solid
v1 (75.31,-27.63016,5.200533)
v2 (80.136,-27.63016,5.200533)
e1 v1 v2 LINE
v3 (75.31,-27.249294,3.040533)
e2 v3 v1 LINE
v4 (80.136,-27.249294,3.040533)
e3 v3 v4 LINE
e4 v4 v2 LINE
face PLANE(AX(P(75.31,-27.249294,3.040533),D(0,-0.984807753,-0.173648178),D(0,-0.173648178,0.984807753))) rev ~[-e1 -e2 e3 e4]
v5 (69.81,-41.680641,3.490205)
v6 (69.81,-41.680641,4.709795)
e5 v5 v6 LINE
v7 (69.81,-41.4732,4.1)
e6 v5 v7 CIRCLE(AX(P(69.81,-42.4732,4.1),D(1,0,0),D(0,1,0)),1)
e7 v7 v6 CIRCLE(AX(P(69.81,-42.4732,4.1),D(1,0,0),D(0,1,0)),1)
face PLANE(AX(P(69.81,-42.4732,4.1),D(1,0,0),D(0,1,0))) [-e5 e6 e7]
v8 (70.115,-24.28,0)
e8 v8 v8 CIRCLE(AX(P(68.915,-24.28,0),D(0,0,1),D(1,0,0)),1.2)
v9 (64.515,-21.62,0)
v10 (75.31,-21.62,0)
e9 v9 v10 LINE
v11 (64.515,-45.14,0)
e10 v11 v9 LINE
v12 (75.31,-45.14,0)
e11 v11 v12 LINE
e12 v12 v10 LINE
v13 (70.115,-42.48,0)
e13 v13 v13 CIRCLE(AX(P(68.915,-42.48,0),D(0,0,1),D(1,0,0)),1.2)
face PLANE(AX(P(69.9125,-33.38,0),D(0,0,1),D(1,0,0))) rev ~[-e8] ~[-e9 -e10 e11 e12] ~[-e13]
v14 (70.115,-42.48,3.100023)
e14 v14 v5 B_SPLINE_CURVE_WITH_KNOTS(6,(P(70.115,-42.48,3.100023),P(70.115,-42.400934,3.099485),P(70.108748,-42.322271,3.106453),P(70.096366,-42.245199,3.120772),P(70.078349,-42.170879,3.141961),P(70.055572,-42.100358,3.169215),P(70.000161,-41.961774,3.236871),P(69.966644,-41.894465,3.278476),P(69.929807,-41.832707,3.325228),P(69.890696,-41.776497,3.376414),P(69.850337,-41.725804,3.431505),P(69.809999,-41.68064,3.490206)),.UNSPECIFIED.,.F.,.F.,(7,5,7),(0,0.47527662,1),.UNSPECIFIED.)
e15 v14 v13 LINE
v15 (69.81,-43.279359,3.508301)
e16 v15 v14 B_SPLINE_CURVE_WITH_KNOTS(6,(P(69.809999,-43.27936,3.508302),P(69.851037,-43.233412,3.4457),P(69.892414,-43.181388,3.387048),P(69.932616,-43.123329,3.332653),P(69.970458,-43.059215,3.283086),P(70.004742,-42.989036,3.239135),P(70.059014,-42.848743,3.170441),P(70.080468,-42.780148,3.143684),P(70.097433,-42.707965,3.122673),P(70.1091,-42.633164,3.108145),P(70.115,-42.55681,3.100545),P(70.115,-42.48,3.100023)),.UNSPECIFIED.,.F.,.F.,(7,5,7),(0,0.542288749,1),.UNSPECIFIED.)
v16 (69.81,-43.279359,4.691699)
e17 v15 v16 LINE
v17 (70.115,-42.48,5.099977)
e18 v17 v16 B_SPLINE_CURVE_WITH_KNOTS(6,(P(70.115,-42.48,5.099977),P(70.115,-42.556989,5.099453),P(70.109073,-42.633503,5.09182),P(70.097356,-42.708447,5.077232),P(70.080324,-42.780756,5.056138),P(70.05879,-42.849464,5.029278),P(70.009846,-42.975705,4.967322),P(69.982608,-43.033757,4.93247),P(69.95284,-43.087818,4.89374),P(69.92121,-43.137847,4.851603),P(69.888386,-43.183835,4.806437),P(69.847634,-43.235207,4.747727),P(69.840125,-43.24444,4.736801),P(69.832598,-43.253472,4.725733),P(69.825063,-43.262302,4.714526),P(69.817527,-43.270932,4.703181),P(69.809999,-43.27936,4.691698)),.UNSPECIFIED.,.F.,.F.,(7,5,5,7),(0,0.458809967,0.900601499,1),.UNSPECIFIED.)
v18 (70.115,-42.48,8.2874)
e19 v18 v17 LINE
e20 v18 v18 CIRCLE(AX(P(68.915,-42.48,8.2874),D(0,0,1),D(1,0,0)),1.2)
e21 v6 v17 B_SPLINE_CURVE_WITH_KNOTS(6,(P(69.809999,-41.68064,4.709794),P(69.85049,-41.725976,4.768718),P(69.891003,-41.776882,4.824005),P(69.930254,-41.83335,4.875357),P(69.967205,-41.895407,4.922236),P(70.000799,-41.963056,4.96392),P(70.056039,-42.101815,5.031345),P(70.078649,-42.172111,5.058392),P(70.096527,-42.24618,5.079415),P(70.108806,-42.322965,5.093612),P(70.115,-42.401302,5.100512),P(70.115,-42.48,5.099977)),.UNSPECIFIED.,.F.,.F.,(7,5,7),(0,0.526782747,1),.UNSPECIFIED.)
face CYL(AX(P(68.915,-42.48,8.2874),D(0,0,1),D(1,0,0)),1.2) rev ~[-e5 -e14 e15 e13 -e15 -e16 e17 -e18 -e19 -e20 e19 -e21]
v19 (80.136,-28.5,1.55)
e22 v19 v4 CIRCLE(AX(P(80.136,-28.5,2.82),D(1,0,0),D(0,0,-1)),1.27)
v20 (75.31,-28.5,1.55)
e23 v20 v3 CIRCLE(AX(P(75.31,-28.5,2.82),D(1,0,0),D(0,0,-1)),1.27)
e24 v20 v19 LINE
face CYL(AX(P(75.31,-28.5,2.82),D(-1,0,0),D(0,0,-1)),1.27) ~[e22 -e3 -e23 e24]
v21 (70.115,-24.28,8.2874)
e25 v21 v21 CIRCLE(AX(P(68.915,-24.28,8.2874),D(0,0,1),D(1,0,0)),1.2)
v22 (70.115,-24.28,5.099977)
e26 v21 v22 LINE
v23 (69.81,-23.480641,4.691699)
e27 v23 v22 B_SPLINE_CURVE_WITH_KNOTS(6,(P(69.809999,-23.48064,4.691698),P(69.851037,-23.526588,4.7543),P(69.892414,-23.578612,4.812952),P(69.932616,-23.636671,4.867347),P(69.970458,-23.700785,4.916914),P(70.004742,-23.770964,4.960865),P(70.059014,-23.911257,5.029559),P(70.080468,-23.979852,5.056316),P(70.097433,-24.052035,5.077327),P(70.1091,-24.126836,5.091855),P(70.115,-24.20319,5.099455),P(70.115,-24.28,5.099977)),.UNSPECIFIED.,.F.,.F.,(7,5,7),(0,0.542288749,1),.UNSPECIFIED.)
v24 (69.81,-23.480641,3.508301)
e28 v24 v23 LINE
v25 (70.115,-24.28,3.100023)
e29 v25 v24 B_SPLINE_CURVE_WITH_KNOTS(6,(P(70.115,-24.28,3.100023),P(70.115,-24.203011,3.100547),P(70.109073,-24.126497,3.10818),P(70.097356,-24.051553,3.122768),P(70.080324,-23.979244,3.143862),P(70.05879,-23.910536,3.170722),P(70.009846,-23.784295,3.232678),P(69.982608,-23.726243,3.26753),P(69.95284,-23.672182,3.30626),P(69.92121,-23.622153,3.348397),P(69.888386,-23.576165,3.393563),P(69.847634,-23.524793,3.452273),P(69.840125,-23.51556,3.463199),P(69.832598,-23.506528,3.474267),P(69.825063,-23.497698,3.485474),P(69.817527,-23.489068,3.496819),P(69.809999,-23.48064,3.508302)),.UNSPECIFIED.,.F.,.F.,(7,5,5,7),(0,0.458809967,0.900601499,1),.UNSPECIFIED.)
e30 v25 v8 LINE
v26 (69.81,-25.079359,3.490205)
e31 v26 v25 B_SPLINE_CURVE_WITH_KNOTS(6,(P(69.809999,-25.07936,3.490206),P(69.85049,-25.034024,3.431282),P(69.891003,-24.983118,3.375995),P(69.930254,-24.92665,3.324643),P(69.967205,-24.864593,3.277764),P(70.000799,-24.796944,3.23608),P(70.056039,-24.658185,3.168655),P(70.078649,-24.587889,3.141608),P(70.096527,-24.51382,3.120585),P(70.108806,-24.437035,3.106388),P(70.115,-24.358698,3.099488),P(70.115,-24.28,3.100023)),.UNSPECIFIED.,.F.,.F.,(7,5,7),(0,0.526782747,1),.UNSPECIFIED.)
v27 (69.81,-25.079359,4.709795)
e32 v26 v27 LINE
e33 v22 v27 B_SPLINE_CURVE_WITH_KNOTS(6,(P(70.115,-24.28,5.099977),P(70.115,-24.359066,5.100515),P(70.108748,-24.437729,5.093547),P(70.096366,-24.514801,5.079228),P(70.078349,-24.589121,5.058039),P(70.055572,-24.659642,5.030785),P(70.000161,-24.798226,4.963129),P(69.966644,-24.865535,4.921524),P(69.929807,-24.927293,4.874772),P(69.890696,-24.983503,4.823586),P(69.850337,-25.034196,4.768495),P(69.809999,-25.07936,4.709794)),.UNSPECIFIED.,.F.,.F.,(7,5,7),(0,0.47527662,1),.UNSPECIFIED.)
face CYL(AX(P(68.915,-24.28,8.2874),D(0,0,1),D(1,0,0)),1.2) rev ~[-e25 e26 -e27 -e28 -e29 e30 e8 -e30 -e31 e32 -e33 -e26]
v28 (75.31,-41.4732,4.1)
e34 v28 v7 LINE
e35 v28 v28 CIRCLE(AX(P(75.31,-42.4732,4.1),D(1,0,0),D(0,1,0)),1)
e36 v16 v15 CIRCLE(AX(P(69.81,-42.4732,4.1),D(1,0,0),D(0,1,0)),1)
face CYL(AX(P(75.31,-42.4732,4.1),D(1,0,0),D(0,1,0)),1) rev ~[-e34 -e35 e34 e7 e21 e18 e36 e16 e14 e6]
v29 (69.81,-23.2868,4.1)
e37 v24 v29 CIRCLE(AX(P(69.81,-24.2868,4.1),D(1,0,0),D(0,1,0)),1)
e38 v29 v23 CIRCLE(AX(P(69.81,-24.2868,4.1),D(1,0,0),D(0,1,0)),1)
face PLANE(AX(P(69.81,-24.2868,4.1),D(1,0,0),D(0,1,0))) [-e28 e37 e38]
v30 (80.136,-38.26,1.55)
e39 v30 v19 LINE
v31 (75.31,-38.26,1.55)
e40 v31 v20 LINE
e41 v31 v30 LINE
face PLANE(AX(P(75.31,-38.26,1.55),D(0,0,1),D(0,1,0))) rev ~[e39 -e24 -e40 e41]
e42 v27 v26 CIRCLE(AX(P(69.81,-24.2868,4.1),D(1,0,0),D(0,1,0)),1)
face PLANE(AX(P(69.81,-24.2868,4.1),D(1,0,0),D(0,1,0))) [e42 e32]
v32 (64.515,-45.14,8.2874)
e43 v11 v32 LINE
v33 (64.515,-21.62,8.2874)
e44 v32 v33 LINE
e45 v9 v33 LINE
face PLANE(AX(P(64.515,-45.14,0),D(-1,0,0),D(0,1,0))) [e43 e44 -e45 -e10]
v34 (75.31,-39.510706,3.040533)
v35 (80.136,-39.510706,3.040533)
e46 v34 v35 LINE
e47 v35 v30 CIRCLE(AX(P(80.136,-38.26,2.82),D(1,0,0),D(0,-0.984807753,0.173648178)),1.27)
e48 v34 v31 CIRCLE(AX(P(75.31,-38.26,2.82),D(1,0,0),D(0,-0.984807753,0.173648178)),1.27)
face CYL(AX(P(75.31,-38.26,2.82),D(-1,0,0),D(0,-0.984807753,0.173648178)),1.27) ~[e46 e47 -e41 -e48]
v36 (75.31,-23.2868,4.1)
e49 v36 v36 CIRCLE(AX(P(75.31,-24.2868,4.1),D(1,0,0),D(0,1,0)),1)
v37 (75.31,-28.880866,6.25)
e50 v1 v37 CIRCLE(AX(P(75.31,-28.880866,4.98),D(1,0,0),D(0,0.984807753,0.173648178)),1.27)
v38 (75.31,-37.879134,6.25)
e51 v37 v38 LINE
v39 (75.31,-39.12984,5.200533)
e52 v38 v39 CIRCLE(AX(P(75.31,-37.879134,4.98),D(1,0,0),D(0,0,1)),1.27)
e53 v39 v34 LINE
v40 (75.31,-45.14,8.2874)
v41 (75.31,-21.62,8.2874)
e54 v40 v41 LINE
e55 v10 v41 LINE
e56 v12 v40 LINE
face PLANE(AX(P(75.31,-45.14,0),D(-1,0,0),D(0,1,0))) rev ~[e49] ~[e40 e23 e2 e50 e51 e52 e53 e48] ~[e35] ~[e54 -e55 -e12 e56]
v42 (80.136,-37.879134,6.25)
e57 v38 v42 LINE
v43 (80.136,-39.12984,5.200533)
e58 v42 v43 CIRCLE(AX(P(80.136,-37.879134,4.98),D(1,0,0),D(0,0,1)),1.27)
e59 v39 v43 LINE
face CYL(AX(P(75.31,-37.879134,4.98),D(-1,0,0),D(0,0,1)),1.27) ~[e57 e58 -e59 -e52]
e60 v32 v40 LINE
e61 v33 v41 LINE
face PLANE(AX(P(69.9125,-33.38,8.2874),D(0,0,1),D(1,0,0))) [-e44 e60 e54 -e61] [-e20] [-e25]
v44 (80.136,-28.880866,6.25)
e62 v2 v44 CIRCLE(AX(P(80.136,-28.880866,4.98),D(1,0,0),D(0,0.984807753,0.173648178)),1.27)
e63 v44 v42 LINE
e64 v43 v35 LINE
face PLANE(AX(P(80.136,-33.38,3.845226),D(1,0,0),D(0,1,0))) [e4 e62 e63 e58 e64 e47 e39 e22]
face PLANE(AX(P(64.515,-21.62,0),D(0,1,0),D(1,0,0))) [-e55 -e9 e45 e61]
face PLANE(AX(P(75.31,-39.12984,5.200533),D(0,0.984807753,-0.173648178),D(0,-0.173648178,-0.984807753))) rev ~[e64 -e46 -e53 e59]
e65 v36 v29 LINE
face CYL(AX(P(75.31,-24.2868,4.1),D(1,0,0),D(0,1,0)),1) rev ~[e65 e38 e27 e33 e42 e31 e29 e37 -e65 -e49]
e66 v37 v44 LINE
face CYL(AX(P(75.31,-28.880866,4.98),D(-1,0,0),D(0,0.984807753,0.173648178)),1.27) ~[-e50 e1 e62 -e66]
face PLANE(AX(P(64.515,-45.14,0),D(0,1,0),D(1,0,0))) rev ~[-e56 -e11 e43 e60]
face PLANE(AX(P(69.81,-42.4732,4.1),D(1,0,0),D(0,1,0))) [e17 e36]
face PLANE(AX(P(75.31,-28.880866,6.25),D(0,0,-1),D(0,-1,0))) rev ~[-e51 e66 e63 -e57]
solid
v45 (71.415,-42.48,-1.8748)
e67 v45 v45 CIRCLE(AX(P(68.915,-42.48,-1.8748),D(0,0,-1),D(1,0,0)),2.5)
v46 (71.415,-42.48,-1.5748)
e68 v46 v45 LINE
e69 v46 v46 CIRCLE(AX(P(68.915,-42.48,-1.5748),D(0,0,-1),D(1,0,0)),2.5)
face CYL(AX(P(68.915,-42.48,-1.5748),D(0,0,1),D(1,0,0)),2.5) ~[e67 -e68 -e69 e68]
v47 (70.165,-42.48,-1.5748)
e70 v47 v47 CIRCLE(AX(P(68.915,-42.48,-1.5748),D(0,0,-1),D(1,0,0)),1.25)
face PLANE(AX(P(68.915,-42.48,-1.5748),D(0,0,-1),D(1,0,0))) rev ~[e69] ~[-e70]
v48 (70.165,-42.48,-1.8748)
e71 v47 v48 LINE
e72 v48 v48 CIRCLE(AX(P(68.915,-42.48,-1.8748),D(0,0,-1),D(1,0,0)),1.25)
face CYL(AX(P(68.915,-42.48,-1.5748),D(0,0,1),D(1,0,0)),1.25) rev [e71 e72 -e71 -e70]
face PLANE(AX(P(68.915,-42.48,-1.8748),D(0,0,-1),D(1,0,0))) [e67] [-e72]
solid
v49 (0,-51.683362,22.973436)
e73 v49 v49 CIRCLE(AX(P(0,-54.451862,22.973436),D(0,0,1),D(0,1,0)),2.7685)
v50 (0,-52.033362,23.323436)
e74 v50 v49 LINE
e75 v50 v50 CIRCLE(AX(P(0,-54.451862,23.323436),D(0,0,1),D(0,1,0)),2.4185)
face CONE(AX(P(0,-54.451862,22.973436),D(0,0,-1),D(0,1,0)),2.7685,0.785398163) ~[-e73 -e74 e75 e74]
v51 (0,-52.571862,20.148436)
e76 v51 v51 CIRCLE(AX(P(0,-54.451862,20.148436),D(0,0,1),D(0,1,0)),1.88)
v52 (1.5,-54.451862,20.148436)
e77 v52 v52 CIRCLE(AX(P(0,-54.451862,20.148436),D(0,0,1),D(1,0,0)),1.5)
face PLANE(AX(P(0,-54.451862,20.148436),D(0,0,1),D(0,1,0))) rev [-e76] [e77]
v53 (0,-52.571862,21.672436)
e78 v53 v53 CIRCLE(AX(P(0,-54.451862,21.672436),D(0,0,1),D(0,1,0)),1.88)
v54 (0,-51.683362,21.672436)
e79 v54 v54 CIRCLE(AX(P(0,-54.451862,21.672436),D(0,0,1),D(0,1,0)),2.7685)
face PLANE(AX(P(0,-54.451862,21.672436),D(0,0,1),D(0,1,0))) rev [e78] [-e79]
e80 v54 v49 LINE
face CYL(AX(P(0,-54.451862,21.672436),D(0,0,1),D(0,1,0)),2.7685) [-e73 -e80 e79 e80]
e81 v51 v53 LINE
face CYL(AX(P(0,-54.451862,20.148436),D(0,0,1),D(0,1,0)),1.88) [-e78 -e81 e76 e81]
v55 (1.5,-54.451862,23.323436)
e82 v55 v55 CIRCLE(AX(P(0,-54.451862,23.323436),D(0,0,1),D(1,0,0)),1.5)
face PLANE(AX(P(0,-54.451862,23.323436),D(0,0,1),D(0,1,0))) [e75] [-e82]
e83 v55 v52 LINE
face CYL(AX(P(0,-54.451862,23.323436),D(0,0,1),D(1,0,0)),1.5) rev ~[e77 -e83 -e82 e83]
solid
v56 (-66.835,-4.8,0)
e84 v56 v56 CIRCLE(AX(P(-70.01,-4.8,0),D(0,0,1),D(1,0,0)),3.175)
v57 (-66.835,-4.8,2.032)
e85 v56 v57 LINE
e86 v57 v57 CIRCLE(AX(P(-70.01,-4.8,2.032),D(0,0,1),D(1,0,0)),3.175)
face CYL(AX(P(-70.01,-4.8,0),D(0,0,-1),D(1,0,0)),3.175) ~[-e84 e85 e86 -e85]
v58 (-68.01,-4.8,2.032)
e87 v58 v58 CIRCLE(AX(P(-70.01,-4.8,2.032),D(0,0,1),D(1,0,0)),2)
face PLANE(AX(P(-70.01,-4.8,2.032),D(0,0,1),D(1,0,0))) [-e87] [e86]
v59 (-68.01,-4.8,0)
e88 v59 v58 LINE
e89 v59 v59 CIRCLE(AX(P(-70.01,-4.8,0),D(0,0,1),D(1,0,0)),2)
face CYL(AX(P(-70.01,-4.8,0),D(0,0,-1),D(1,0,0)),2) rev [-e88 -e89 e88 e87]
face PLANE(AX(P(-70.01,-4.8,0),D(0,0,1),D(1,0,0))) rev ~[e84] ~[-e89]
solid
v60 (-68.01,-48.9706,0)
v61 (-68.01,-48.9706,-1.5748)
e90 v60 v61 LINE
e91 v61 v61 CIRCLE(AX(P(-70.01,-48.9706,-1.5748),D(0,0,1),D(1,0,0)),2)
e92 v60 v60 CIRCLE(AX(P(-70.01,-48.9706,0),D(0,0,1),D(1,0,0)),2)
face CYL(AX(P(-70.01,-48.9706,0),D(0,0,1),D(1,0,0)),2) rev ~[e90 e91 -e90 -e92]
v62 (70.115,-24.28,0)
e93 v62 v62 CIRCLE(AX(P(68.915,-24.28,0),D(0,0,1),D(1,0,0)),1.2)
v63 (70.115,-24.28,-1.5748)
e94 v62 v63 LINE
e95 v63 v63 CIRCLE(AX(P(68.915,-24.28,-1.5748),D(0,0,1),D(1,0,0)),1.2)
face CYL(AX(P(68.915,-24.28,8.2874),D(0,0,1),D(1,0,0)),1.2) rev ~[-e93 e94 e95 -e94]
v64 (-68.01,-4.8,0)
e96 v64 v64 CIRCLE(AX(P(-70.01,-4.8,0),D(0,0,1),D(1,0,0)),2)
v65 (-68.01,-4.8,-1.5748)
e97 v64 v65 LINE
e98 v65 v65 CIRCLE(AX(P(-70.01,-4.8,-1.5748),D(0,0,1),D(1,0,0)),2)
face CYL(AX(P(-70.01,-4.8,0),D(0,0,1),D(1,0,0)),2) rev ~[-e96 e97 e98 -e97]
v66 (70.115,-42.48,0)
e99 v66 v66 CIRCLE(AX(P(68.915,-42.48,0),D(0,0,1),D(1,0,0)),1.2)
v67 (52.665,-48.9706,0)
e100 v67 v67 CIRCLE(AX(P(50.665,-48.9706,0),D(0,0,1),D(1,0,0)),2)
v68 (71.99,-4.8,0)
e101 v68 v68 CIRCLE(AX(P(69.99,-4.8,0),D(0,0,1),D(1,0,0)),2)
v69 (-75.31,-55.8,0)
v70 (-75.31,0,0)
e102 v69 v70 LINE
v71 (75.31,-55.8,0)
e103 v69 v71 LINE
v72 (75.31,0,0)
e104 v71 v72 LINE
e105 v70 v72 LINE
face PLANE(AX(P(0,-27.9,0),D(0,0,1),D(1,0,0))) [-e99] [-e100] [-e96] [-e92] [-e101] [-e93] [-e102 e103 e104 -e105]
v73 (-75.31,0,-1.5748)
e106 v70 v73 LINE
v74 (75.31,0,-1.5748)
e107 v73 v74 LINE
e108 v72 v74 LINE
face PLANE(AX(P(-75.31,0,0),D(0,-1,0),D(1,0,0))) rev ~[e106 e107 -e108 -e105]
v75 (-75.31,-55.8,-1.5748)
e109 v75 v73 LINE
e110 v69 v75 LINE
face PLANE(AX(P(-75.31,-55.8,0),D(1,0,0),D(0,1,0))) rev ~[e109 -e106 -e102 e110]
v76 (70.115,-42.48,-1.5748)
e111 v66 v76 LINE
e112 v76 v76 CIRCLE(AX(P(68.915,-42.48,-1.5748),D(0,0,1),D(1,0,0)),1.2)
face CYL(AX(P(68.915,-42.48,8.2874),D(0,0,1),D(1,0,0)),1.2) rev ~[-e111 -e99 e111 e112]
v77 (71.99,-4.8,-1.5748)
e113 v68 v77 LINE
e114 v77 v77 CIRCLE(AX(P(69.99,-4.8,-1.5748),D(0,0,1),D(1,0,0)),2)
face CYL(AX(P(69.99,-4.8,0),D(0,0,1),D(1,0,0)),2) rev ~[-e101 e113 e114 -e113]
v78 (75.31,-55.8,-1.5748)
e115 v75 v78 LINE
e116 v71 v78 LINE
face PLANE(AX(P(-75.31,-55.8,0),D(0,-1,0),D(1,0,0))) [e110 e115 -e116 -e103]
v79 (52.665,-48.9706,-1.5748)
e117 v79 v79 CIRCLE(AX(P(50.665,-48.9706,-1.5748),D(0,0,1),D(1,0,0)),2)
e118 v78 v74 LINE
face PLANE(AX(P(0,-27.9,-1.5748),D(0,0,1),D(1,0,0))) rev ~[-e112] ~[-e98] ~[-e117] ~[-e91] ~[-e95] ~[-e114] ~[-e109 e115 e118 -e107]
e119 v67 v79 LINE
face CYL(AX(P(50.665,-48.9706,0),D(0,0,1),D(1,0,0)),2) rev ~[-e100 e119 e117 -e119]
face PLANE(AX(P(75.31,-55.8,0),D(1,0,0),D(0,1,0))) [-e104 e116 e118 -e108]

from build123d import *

# Parameters (mm, degrees)
F0_W      = 150.62
F0_H      = 55.8
F0_R      = 2
F1_DEPTH  = 1.5748
F2_R      = 3.175
F2_R_2    = 2
F3_DEPTH  = 2.032
F4_W      = 10.795
F4_H      = 23.52
F5_DEPTH  = 8.2874
F7_DEPTH  = 4.826
F8_R      = 1.2
F9_DEPTH  = 9.8632
F10_R     = 1.2
F11_DEPTH = 9.8632
F12_R     = 1
F13_DEPTH = 5.5
F16_SIZE  = 0.35
F17_R     = 1.5
F18_DEPTH = 25
F19_R     = 2.5
F19_R_2   = 1.25
F20_DEPTH = 0.3


with BuildPart() as f1:
    # F0 (on Top) → F1 (new body)
    with BuildSketch(Plane.XY):
        with Locations((0, -27.9)):
            Rectangle(F0_W, F0_H)
        with Locations((-70.01, -48.9706)):
            Circle(F0_R, mode=Mode.SUBTRACT)
        with Locations((50.665, -48.9706)):
            Circle(F0_R, mode=Mode.SUBTRACT)
        with Locations((-70.01, -4.8)):
            Circle(F0_R, mode=Mode.SUBTRACT)
        with Locations((69.99, -4.8)):
            Circle(F0_R, mode=Mode.SUBTRACT)
    extrude(amount=-F1_DEPTH)


with BuildPart() as f3:
    # F2 (on Top) → F3 (new body)
    with BuildSketch(Plane.XY):
        with Locations((-70.01, -4.8)):
            Circle(F2_R)
        with Locations((-70.01, -4.8)):
            Circle(F2_R_2, mode=Mode.SUBTRACT)
    extrude(amount=F3_DEPTH)


with BuildPart() as f5:
    # F4 (on face) → F5 (new body)
    with BuildSketch(Plane.XY):
        with Locations((69.9125, -33.38)):
            Rectangle(F4_W, F4_H)
    extrude(amount=F5_DEPTH)

    # F6 (on face) → F7 (join)
    with BuildSketch(Plane.YZ.offset(75.31)):
        with BuildLine():
            Line((-28.8808662783, 6.25), (-37.8791337217, 6.25))
            ThreePointArc((-37.8791337217, 6.25), (-38.695473986, 5.9528764428), (-39.129839568, 5.2005331856))
            Line((-39.129839568, 5.2005331856), (-39.5107058463, 3.0405331856))
            ThreePointArc((-39.5107058463, 3.0405331856), (-39.2328764428, 2.0036597357), (-38.26, 1.55))
            Line((-38.26, 1.55), (-28.5, 1.55))
            ThreePointArc((-28.5, 1.55), (-27.5271235572, 2.0036597357), (-27.2492941537, 3.0405331856))
            Line((-27.2492941537, 3.0405331856), (-27.630160432, 5.2005331856))
            ThreePointArc((-27.630160432, 5.2005331856), (-28.064526014, 5.9528764428), (-28.8808662783, 6.25))
        make_face()
    extrude(amount=F7_DEPTH)


with BuildPart() as f9_tool:
    # F8 (on face) → F9 (new body, through all)
    with BuildSketch(Plane.XY.offset(8.2874)):
        with Locations((68.915, -24.28)):
            Circle(F8_R)
        with Locations((68.915, -42.48)):
            Circle(F8_R)
    extrude(amount=-F9_DEPTH)


with BuildPart() as f1_1:
    add(f1.part)

    # F9: cut by f9_tool
    add(f9_tool.part, mode=Mode.SUBTRACT)

    # F10 (on face) → F11 (cut, through all)
    with BuildSketch(Plane(origin=(0, 0, -1.5748), x_dir=(1, 0, 0), z_dir=(0, 0, -1))):
        with Locations((68.915, 42.48)):
            Circle(F10_R)
        with Locations((68.915, 24.28)):
            Circle(F10_R)
    extrude(amount=-F11_DEPTH, mode=Mode.SUBTRACT)


with BuildPart() as f5_1:
    add(f5.part)

    # F9: cut by f9_tool
    add(f9_tool.part, mode=Mode.SUBTRACT)

    # F12 (on face) → F13 (cut)
    with BuildSketch(Plane.YZ.offset(75.31)):
        with Locations((-42.4732, 4.1)):
            Circle(F12_R)
        with Locations((-24.2868, 4.1)):
            Circle(F12_R)
    extrude(amount=-F13_DEPTH, mode=Mode.SUBTRACT)


with BuildPart() as f15:
    # F14 (on Right) → F15 (revolve)
    with BuildSketch(Plane.YZ):
        Polygon((-51.6833615305, 23.323435563), (-54.4518615305, 23.323435563), (-54.4518615305, 20.148435563), (-52.5718615305, 20.148435563), (-52.5718615305, 21.672435563), (-51.6833615305, 21.672435563), align=None)
    revolve(axis=Axis((0, -54.4518615305, 32.5609651819), (0, 0, 1)))

    # F16
    f16_edges = [f15.edges().sort_by_distance(p)[0] for p in [
        (0, -57.220362, 23.323436),
    ]]
    chamfer(f16_edges, length=F16_SIZE)

    # F17 (on face) → F18 (cut)
    with BuildSketch(Plane.XY.offset(23.323435563)):
        with Locations((0, -54.4518615305)):
            Circle(F17_R)
    extrude(amount=-F18_DEPTH, mode=Mode.SUBTRACT)


with BuildPart() as f20:
    # F19 (on face) → F20 (new body)
    with BuildSketch(Plane(origin=(0, 0, -1.5748), x_dir=(1, 0, 0), z_dir=(0, 0, -1))):
        with Locations((68.915, 42.48)):
            Circle(F19_R)
        with Locations((68.915, 42.48)):
            Circle(F19_R_2, mode=Mode.SUBTRACT)
    extrude(amount=F20_DEPTH)


solid = Compound([f3.part, f1_1.part, f5_1.part, f15.part, f20.part])
